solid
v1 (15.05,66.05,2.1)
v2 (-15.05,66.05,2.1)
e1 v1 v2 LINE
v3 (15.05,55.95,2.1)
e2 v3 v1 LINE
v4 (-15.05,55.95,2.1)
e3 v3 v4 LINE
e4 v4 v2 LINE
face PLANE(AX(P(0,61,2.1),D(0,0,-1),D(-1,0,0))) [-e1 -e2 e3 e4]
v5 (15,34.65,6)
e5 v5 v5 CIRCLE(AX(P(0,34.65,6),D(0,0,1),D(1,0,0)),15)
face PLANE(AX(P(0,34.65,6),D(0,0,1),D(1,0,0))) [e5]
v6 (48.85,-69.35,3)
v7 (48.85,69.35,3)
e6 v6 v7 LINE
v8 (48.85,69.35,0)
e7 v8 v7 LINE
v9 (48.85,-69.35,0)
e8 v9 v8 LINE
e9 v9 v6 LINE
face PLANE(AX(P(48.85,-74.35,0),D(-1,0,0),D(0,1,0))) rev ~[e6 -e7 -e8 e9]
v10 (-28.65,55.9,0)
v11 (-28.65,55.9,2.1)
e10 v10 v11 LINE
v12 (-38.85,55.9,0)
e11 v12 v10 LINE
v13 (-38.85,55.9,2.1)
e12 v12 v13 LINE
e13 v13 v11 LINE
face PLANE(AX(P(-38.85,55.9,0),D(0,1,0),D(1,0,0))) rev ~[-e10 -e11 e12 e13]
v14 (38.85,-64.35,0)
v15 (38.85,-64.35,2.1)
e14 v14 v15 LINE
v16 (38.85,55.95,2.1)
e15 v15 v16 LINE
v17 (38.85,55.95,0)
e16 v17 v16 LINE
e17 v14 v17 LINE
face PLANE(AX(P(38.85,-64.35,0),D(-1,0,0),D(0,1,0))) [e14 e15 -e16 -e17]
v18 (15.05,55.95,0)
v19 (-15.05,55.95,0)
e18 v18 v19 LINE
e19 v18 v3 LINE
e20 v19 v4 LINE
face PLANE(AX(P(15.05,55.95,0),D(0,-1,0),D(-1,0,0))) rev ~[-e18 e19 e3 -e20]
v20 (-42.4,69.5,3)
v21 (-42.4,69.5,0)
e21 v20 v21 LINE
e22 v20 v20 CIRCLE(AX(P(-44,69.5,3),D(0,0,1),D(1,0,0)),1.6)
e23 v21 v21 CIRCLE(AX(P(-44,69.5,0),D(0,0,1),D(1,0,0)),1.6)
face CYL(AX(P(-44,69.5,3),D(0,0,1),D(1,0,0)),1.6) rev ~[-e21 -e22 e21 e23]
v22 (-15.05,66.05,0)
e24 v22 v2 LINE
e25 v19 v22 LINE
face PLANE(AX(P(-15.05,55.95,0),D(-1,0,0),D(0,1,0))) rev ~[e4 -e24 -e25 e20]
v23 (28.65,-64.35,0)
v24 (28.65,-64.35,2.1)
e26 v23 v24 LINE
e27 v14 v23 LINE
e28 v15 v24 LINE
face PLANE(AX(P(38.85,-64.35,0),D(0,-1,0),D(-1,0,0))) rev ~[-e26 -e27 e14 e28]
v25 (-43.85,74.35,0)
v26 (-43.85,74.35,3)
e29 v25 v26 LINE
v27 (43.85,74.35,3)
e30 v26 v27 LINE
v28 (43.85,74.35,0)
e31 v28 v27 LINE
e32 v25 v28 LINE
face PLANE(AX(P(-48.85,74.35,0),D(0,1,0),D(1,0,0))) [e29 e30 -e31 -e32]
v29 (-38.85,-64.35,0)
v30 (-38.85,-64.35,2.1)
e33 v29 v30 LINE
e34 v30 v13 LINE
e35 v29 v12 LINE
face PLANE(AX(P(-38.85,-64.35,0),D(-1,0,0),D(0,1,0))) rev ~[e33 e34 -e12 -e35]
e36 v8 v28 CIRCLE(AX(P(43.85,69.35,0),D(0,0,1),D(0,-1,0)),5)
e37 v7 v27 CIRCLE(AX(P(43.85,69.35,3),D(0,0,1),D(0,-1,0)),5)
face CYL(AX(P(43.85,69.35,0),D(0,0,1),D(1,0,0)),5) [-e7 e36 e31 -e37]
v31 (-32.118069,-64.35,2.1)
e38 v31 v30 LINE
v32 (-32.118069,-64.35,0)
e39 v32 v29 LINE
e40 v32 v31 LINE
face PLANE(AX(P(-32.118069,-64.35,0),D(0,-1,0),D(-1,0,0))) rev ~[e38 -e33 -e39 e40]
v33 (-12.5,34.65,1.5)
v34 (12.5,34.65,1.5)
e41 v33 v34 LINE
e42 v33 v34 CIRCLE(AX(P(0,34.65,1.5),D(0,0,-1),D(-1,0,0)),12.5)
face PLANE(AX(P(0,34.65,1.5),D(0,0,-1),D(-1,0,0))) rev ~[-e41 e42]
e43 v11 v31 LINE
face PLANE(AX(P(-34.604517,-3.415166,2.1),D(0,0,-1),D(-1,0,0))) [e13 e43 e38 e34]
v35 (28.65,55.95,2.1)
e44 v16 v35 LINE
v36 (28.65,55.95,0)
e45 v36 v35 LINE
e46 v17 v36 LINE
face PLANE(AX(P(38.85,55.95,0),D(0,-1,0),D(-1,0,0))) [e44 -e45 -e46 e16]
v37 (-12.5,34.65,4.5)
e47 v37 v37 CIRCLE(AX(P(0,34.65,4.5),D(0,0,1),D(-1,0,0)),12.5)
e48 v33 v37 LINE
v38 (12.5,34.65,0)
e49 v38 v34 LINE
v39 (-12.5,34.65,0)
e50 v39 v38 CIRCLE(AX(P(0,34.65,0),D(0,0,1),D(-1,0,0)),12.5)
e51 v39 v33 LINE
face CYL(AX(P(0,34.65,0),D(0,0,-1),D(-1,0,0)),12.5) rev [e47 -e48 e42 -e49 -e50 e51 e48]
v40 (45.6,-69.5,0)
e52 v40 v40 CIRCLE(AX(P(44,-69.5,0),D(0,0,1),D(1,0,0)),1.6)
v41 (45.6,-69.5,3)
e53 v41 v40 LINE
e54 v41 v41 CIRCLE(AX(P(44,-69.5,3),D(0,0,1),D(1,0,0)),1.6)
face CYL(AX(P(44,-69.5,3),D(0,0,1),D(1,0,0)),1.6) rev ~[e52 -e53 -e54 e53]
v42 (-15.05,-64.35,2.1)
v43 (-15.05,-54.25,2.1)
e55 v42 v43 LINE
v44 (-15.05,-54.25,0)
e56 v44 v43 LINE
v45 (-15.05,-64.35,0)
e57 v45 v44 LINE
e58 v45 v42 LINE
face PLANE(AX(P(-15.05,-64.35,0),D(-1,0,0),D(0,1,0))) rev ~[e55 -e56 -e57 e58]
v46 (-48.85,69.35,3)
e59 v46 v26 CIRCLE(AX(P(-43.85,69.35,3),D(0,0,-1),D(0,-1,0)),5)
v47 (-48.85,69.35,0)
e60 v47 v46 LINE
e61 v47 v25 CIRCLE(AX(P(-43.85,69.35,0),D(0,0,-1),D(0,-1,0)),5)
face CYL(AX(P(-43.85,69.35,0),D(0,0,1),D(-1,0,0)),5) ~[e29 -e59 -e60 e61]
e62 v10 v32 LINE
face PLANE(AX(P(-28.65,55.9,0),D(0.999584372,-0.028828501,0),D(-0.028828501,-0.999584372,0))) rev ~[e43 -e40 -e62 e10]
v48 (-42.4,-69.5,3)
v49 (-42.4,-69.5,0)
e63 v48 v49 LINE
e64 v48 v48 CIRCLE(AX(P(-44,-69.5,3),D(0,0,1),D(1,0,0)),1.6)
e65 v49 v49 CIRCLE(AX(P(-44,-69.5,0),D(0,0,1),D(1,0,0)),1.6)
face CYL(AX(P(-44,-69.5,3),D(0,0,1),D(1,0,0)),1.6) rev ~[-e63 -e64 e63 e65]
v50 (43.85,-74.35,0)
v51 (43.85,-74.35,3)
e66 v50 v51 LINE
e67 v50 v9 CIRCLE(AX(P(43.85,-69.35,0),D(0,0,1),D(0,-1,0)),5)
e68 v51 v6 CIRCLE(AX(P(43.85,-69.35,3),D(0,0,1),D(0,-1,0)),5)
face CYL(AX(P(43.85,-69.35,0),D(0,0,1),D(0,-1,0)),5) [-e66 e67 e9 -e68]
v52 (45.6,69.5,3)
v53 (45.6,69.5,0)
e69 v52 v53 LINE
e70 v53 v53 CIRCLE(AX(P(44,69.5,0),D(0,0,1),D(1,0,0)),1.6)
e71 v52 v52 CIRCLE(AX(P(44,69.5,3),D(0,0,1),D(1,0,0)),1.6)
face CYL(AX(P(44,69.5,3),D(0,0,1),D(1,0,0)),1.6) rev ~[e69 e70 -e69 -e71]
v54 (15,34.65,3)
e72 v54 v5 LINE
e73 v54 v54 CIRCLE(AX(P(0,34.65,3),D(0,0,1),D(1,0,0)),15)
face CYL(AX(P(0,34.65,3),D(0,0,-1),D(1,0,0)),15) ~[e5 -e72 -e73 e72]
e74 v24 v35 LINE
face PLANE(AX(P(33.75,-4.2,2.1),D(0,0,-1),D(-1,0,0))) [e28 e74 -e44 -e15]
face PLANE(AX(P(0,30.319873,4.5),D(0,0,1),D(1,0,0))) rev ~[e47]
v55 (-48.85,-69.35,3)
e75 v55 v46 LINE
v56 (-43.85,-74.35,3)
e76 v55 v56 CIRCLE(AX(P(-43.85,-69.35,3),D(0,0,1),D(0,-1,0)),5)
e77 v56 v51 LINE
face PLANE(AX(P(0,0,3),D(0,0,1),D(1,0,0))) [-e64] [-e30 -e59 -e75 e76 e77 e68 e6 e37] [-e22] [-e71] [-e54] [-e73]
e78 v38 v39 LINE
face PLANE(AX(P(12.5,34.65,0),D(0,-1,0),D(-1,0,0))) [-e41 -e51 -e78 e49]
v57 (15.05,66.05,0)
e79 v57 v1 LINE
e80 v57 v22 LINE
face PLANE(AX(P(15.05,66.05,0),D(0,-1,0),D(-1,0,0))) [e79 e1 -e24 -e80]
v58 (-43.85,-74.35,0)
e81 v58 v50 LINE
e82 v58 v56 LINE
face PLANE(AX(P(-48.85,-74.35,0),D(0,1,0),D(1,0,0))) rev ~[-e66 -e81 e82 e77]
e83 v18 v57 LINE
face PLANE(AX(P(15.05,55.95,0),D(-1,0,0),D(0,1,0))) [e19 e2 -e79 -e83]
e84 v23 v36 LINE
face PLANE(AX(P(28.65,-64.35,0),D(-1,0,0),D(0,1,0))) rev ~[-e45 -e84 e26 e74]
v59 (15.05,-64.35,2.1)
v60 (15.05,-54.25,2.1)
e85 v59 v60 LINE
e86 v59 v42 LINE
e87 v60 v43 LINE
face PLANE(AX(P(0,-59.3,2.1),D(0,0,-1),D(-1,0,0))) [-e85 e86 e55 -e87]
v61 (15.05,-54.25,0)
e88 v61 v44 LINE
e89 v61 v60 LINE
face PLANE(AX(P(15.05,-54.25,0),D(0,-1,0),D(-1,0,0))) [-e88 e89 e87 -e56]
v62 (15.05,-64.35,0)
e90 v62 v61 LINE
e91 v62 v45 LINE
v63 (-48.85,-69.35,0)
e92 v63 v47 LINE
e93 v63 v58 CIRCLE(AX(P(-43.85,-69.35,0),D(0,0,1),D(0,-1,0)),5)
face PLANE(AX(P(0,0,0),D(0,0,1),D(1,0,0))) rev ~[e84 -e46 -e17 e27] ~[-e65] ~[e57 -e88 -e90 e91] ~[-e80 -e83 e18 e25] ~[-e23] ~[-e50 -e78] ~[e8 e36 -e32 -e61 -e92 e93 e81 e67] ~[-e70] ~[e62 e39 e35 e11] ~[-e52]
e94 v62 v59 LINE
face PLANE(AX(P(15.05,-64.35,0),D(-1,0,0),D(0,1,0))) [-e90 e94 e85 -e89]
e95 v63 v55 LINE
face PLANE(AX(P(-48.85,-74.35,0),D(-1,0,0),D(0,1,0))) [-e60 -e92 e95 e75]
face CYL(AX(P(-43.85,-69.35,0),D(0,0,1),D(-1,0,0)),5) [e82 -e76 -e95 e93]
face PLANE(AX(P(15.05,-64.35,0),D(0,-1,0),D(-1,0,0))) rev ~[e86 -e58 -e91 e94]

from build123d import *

# Parameters (mm, degrees)
SKETCH_1_W          = 97.7
SKETCH_1_H          = 148.7
EXTRUDE_1_DEPTH     = 3
FILLET_1_R          = 5
CUT_EXTRUDE_1_REACH = 91.013
SKETCH_2_R          = 1.6
SKETCH_3_R          = 15
EXTRUDE_2_DEPTH     = 3
CUT_EXTRUDE_2_DEPTH = 4.5
CUT_EXTRUDE_START   = 3
SKETCH_5_R          = 12.5
CUT_EXTRUDE_3_DEPTH = 3
SKETCH_6_W          = 10.2
SKETCH_6_H          = 120.3
SKETCH_6_W_2        = 30.1
SKETCH_6_H_2        = 10.1
CUT_EXTRUDE_4_DEPTH = 2.1


with BuildPart() as part:
    # 草图1 → 凸台-拉伸1 (new body)
    with BuildSketch(Plane.XY):
        Rectangle(SKETCH_1_W, SKETCH_1_H)
    extrude(amount=EXTRUDE_1_DEPTH)

    # 圆角1
    fillet_1_edges = [part.edges().sort_by_distance(p)[0] for p in [
        (-48.85, 74.35, 1.5),
        (48.85, 74.35, 1.5),
        (48.85, -74.35, 1.5),
        (-48.85, -74.35, 1.5),
    ]]
    fillet(fillet_1_edges, radius=FILLET_1_R)

    # 草图2 → 切除-拉伸1 (cut, up to next)
    with BuildSketch(Plane.XY.offset(3), mode=Mode.PRIVATE) as cut_extrude_1_sk1:
        with Locations((-44, 69.5)):
            Circle(SKETCH_2_R)
    cut_extrude_1_tool1 = extrude(cut_extrude_1_sk1.sketch, amount=-CUT_EXTRUDE_1_REACH, mode=Mode.PRIVATE) & part.part
    # 草图2 → 切除-拉伸1 (cut, up to next)
    with BuildSketch(Plane.XY.offset(3), mode=Mode.PRIVATE) as cut_extrude_1_sk2:
        with Locations((44, 69.5)):
            Circle(SKETCH_2_R)
    cut_extrude_1_tool2 = extrude(cut_extrude_1_sk2.sketch, amount=-CUT_EXTRUDE_1_REACH, mode=Mode.PRIVATE) & part.part
    # 草图2 → 切除-拉伸1 (cut, up to next)
    with BuildSketch(Plane.XY.offset(3), mode=Mode.PRIVATE) as cut_extrude_1_sk3:
        with Locations((-44, -69.5)):
            Circle(SKETCH_2_R)
    cut_extrude_1_tool3 = extrude(cut_extrude_1_sk3.sketch, amount=-CUT_EXTRUDE_1_REACH, mode=Mode.PRIVATE) & part.part
    # 草图2 → 切除-拉伸1 (cut, up to next)
    with BuildSketch(Plane.XY.offset(3), mode=Mode.PRIVATE) as cut_extrude_1_sk4:
        with Locations((44, -69.5)):
            Circle(SKETCH_2_R)
    cut_extrude_1_tool4 = extrude(cut_extrude_1_sk4.sketch, amount=-CUT_EXTRUDE_1_REACH, mode=Mode.PRIVATE) & part.part
    add(cut_extrude_1_tool1.solids().sort_by_distance((-44, 69.5, 3))[0], mode=Mode.SUBTRACT)
    add(cut_extrude_1_tool2.solids().sort_by_distance((44, 69.5, 3))[0], mode=Mode.SUBTRACT)
    add(cut_extrude_1_tool3.solids().sort_by_distance((-44, -69.5, 3))[0], mode=Mode.SUBTRACT)
    add(cut_extrude_1_tool4.solids().sort_by_distance((44, -69.5, 3))[0], mode=Mode.SUBTRACT)

    # 草图3 → 凸台-拉伸2 (add)
    with BuildSketch(Plane.XY.offset(3)):
        with Locations((0, 34.65)):
            Circle(SKETCH_3_R)
    extrude(amount=EXTRUDE_2_DEPTH)

    # 草图4 → 切除-拉伸2 (cut)
    with BuildSketch(Plane(origin=(0, 0, 0), x_dir=(-1, 0, 0), z_dir=(0, 0, -1))):
        with BuildLine():
            Line((-12.5, 34.65), (12.5, 34.65))
            ThreePointArc((12.5, 34.65), (0, 22.15), (-12.5, 34.65))
        make_face()
    extrude(amount=-CUT_EXTRUDE_2_DEPTH, mode=Mode.SUBTRACT)

    # 草图5 → 切除-拉伸3 (cut)
    with BuildSketch(Plane(origin=(0, 0, 4.5), x_dir=(-1, 0, 0), z_dir=(0, 0, -1)).offset(CUT_EXTRUDE_START)):
        with Locations((0, 34.65)):
            Circle(SKETCH_5_R)
    extrude(amount=-CUT_EXTRUDE_3_DEPTH, mode=Mode.SUBTRACT)

    # 草图6 → 切除-拉伸4 (cut)
    with BuildSketch(Plane(origin=(0, 0, 0), x_dir=(-1, 0, 0), z_dir=(0, 0, -1))):
        with Locations((-33.75, -4.2)):
            Rectangle(SKETCH_6_W, SKETCH_6_H)
        Polygon((28.65, 55.9), (32.118068627, -64.35), (38.85, -64.35), (38.85, 55.9), align=None)
        with Locations((0, 61)):
            Rectangle(SKETCH_6_W_2, SKETCH_6_H_2)
        with Locations((0, -59.3)):
            Rectangle(SKETCH_6_W_2, SKETCH_6_H_2)
    extrude(amount=-CUT_EXTRUDE_4_DEPTH, mode=Mode.SUBTRACT)


solid = part.part
